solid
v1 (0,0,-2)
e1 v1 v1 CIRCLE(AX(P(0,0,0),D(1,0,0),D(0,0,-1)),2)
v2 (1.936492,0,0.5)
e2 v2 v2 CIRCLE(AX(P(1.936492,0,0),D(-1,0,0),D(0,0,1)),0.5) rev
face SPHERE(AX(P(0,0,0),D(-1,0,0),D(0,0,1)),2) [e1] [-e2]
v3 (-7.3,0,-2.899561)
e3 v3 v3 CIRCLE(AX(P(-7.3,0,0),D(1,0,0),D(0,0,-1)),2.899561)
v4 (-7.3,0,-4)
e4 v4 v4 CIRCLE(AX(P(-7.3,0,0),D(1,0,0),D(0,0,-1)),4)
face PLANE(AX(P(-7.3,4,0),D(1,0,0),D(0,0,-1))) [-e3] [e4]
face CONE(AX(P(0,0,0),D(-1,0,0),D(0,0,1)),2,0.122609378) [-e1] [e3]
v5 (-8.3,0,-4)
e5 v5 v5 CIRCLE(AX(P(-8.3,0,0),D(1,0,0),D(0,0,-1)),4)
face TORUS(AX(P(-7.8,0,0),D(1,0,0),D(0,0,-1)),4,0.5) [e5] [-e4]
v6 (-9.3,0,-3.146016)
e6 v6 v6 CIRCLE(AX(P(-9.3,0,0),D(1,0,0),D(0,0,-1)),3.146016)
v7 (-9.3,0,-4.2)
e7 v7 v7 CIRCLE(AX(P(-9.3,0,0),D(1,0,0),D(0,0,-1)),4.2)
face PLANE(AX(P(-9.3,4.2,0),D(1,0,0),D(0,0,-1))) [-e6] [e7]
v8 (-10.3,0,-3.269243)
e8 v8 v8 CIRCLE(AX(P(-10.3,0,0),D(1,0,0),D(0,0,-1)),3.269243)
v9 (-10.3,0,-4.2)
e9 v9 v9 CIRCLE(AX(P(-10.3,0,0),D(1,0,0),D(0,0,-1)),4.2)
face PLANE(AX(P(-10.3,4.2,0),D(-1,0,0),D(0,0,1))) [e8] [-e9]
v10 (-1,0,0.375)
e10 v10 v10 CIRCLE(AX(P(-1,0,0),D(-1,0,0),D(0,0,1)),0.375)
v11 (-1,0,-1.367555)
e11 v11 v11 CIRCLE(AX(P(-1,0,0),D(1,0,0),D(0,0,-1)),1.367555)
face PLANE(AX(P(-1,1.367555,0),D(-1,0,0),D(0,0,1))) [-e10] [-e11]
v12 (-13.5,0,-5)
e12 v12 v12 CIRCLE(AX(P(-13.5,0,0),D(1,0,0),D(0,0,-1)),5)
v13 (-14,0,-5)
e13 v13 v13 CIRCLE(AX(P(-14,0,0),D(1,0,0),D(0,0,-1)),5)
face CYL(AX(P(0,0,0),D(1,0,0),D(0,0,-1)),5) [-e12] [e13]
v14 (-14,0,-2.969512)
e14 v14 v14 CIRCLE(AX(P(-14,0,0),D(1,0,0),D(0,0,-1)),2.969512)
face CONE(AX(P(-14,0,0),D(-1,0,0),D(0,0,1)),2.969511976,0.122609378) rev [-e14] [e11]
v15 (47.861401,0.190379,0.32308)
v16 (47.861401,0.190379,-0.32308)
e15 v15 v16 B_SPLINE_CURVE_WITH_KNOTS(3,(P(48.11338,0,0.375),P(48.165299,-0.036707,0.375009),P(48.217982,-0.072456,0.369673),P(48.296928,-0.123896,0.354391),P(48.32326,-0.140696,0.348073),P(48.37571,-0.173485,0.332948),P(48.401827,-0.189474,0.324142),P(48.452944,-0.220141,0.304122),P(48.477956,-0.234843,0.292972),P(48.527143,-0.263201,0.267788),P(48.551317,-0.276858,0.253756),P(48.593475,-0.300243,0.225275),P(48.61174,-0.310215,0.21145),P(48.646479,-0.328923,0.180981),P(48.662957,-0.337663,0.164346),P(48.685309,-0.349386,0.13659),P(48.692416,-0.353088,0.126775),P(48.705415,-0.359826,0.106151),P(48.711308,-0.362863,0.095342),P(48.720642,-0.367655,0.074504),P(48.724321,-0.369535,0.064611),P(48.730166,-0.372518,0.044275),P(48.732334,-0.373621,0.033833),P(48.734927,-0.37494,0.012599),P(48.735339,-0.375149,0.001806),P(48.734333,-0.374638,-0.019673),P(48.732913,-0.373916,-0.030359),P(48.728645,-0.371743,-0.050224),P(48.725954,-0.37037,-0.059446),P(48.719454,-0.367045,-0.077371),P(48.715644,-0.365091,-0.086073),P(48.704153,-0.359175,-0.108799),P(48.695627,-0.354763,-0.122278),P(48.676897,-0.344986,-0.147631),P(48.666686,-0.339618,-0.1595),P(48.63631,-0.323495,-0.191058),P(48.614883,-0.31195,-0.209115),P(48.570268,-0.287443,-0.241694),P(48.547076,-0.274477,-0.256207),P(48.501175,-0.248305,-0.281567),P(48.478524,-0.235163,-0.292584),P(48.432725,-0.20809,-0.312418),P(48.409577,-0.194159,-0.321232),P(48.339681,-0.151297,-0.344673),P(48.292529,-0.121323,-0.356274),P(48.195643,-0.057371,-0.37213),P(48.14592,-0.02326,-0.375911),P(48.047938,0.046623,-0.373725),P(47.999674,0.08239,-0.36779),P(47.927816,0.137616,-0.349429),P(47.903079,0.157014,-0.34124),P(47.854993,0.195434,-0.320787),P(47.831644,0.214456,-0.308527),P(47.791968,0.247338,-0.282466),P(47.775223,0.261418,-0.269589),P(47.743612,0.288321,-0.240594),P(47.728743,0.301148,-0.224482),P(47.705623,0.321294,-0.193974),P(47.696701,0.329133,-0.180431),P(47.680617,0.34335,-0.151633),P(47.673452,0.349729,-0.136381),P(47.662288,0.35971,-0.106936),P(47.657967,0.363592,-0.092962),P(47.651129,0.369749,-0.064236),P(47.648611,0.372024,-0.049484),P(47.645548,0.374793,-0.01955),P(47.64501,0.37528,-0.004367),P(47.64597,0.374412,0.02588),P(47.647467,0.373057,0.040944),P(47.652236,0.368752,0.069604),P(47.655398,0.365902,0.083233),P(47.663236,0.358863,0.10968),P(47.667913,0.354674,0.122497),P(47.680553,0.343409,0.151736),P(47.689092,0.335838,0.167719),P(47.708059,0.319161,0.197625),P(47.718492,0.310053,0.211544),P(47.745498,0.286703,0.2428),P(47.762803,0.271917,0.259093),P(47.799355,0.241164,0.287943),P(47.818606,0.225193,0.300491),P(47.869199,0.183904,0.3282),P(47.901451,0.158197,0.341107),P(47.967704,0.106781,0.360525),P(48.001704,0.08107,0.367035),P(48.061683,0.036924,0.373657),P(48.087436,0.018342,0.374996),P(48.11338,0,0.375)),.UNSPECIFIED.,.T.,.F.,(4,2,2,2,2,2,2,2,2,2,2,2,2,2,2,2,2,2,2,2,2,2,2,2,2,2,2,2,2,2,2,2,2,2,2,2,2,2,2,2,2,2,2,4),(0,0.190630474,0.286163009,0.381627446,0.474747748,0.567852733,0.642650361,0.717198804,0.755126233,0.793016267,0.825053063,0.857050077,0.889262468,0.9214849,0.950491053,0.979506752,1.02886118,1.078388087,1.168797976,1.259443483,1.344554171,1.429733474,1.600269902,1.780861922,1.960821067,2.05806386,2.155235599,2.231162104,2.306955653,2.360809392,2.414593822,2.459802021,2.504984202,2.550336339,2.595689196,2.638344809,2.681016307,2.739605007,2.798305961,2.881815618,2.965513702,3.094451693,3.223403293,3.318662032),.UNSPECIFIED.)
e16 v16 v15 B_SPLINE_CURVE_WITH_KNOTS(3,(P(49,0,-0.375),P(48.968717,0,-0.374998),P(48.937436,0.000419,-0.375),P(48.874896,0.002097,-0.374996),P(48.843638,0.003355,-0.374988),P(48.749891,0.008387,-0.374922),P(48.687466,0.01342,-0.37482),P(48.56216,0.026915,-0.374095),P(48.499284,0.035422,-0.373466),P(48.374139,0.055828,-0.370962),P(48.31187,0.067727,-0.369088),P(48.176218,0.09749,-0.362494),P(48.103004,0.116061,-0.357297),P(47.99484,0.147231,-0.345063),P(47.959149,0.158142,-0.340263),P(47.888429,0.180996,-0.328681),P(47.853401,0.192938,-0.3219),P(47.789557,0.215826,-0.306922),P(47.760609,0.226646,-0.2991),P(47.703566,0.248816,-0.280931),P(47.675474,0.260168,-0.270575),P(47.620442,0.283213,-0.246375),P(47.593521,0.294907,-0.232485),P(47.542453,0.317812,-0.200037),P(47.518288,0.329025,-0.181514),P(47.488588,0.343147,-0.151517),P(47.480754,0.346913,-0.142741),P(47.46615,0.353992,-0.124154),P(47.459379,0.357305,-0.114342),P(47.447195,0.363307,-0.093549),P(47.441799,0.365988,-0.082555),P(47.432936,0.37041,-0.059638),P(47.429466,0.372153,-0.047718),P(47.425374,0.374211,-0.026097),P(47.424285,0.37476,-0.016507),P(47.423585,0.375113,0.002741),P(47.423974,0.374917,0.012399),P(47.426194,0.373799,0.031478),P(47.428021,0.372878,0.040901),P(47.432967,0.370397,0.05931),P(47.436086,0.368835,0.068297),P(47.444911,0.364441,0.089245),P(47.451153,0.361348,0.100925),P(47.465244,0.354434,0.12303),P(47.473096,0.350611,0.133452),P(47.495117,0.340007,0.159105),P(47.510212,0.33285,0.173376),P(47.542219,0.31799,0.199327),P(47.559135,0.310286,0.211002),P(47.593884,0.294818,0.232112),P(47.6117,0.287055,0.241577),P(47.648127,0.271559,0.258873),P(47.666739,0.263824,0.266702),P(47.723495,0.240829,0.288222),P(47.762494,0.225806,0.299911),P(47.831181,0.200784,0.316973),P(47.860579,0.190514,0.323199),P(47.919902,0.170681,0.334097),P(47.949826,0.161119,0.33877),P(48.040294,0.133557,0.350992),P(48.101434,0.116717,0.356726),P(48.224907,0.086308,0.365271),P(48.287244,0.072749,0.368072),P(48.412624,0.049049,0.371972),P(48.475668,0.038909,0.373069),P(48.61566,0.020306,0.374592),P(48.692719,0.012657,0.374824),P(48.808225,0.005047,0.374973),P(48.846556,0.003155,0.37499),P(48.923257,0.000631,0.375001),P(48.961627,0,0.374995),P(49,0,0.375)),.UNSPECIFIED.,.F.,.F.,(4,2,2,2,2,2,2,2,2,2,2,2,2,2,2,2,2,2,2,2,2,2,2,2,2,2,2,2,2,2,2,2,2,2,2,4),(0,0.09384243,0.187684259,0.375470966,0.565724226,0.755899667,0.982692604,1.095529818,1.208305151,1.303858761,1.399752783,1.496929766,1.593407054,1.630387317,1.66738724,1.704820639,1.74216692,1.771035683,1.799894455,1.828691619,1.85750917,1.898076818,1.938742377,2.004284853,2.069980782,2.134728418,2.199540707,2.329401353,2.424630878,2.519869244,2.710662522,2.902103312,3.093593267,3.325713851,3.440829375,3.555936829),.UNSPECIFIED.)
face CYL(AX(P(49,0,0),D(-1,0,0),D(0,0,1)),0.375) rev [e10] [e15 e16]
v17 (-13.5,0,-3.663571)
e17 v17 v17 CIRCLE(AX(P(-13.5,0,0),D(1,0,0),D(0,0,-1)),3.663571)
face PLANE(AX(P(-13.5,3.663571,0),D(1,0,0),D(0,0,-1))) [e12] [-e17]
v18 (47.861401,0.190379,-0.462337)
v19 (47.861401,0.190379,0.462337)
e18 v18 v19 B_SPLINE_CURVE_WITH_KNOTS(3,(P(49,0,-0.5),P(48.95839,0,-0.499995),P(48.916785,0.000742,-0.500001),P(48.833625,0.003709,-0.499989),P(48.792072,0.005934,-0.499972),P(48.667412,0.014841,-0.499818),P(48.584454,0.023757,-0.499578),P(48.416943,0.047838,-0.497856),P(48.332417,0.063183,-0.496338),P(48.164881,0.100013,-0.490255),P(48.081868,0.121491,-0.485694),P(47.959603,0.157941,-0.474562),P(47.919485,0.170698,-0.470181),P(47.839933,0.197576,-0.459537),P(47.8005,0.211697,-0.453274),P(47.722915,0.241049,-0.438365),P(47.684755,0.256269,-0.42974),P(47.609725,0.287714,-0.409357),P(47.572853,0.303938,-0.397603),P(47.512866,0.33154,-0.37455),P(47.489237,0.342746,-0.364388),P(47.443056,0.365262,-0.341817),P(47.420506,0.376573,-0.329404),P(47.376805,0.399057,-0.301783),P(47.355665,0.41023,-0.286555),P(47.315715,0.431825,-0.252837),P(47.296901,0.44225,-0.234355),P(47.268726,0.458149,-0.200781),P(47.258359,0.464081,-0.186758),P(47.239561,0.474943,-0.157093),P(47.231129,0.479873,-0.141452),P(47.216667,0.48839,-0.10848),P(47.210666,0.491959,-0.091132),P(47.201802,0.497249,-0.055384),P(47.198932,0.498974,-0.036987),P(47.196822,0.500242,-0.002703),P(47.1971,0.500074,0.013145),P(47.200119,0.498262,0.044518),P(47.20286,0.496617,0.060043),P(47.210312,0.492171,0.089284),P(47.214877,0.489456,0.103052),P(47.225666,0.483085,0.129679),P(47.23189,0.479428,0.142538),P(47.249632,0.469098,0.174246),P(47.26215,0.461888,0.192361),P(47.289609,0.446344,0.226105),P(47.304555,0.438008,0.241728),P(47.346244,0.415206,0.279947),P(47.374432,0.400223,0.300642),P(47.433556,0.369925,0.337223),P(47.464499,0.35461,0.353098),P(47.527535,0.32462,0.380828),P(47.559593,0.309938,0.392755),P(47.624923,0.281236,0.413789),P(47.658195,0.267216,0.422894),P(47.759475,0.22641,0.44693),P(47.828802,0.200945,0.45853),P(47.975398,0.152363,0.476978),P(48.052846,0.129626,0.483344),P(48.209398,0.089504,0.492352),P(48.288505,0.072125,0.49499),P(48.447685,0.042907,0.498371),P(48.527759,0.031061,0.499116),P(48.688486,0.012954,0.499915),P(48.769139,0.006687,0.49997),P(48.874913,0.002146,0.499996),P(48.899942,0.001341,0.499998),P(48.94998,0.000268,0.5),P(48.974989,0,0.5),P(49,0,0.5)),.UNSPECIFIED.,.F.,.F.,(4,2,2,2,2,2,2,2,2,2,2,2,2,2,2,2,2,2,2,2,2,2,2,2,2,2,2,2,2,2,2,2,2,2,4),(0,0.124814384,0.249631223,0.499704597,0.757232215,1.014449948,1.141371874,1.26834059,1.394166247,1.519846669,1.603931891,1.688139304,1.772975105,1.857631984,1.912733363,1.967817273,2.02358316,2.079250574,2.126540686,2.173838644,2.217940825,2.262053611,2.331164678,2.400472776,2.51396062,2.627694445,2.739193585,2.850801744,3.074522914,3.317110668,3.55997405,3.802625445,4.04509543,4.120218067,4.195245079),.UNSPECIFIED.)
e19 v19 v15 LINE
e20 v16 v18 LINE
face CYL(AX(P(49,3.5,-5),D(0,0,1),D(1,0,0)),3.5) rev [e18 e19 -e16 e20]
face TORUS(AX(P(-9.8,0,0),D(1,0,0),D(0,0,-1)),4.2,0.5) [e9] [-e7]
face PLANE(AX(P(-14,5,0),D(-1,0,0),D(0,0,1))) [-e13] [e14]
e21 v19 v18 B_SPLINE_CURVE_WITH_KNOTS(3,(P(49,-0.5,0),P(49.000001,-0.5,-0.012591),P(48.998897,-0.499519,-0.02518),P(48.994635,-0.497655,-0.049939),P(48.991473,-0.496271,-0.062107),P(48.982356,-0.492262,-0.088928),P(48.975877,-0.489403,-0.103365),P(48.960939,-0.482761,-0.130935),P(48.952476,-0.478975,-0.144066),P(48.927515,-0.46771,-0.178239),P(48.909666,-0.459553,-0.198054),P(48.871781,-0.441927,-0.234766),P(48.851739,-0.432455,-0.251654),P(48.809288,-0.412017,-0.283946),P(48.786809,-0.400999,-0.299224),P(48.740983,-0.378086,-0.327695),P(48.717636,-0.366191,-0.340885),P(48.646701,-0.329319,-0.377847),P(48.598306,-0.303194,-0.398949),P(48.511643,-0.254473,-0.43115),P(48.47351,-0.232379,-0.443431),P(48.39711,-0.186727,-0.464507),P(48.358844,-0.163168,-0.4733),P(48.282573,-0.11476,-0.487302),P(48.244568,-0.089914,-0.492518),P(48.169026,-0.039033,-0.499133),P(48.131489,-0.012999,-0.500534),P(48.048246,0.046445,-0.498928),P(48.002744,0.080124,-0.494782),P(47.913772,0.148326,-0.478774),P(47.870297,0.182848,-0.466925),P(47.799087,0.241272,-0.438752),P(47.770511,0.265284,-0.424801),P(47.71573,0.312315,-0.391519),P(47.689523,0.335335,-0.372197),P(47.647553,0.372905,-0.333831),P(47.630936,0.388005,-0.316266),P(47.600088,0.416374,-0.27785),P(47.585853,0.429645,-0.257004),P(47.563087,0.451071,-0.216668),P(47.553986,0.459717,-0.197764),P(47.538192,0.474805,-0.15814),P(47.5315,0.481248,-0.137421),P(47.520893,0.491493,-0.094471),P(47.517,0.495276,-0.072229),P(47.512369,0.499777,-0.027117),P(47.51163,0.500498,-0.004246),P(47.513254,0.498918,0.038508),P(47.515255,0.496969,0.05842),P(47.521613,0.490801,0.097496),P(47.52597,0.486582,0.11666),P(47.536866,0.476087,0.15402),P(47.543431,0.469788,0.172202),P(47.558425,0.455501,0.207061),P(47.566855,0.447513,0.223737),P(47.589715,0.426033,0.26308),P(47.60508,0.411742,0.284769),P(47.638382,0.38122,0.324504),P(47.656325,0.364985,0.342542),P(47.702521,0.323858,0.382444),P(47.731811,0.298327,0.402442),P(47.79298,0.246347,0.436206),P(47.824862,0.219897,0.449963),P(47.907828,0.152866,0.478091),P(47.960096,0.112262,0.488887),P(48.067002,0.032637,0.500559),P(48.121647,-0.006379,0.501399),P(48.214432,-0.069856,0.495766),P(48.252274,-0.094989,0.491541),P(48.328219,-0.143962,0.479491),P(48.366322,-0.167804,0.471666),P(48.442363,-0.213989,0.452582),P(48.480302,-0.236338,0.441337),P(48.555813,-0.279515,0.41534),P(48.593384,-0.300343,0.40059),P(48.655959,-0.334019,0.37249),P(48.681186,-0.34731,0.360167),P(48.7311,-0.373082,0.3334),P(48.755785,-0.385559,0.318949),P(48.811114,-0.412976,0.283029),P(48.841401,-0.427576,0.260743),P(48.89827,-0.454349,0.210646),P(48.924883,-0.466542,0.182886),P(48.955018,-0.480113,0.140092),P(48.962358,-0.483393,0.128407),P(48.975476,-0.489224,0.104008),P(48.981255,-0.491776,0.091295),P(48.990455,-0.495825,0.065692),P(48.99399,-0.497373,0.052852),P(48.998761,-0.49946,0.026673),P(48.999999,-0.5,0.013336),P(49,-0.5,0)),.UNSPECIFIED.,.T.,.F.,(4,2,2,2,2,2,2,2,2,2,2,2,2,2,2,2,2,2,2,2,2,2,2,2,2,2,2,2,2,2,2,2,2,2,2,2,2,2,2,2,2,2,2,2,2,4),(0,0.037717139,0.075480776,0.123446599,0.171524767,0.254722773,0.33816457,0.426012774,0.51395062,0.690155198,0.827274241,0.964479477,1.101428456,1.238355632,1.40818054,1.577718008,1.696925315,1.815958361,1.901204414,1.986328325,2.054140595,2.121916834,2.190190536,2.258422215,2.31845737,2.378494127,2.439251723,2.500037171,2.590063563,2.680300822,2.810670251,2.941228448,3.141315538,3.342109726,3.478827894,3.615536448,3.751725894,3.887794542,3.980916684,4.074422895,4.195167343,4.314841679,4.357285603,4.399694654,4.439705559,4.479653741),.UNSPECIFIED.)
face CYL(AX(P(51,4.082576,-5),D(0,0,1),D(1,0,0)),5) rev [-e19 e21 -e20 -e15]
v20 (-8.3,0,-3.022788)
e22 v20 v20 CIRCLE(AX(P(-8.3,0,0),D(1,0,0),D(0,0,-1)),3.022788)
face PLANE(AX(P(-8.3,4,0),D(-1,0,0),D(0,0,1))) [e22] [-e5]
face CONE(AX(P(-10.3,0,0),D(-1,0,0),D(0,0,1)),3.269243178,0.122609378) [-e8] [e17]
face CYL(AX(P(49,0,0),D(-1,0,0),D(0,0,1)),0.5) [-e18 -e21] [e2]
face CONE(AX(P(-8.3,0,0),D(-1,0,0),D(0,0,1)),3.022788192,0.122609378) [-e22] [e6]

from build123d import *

# Parameters (mm, degrees)
DOME1_FACE_RADIUS   = 2
DOME1_HEIGHT        = 2
SKETCH2_R           = 0.5
CUT_EXTRUDE1_DEPTH  = 4
SKETCH3_R           = 0.5
SKETCH3_R_2         = 0.375
EXTRUDE_THIN1_DEPTH = 50
SKETCH4_R           = 3.5
CUT_EXTRUDE2_DEPTH  = 5
SKETCH5_R           = 5
CUT_EXTRUDE3_DEPTH  = 5


with BuildPart() as part:
    # Sketch1 → Revolve1 (revolve)
    with BuildSketch(Plane.XY):
        with BuildLine():
            Line((0, 0), (0, 2))
            Line((0, 2), (-7.3, 2.899560699))
            Line((-7.3, 2.899560699), (-7.3, 4))
            ThreePointArc((-7.3, 4), (-7.8, 4.5), (-8.3, 4))
            Line((-8.3, 4), (-8.3, 3.022788192))
            Line((-8.3, 3.022788192), (-9.3, 3.146015685))
            Line((-9.3, 3.146015685), (-9.3, 4.2))
            ThreePointArc((-9.3, 4.2), (-9.8, 4.7), (-10.3, 4.2))
            Line((-10.3, 4.2), (-10.3, 3.269243178))
            Line((-10.3, 3.269243178), (-13.5, 3.663571155))
            Line((-13.5, 3.663571155), (-13.5, 5))
            Line((-13.5, 5), (-14, 5))
            Line((-14, 5), (-14, 2.969511976))
            Line((-14, 2.969511976), (-1, 1.367554567))
            Line((-1, 1.367554567), (-1, 0))
            Line((-1, 0), (0, 0))
        make_face()
    revolve(axis=Axis((0, 0, 0), (-1, 0, 0)))

    # Dome1: a dome of height H over a round flat face of radius A is a cap of a sphere of radius (A * A + H * H) / (2 * H)
    dome1_r = (DOME1_FACE_RADIUS * DOME1_FACE_RADIUS + DOME1_HEIGHT * DOME1_HEIGHT) / (2 * DOME1_HEIGHT)
    dome1_base = Plane((0, 0, 0), z_dir=(1, 0, 0))
    with Locations(dome1_base.offset(DOME1_HEIGHT - dome1_r)):
        dome1_ball = Sphere(dome1_r, mode=Mode.PRIVATE)
    add(split(dome1_ball, bisect_by=dome1_base, keep=Keep.TOP, mode=Mode.PRIVATE))

    # Sketch2 → Cut-Extrude1 (cut)
    with BuildSketch(Plane.ZY.offset(1)):
        Circle(SKETCH2_R)
    extrude(amount=-CUT_EXTRUDE1_DEPTH, mode=Mode.SUBTRACT)

    # Sketch3 → Extrude-Thin1 (add)
    with BuildSketch(Plane.ZY.offset(1)):
        Circle(SKETCH3_R)
        Circle(SKETCH3_R_2, mode=Mode.SUBTRACT)
    extrude(amount=-EXTRUDE_THIN1_DEPTH)

    # Sketch4 → Cut-Extrude2 (cut, symmetric)
    with BuildSketch(Plane.XY):
        with Locations((49, 3.5)):
            Circle(SKETCH4_R)
    extrude(amount=CUT_EXTRUDE2_DEPTH, both=True, mode=Mode.SUBTRACT)

    # Sketch5 → Cut-Extrude3 (cut, symmetric)
    with BuildSketch(Plane.XY):
        with Locations((51, 4.082575695)):
            Circle(SKETCH5_R)
    extrude(amount=CUT_EXTRUDE3_DEPTH, both=True, mode=Mode.SUBTRACT)


solid = part.part
